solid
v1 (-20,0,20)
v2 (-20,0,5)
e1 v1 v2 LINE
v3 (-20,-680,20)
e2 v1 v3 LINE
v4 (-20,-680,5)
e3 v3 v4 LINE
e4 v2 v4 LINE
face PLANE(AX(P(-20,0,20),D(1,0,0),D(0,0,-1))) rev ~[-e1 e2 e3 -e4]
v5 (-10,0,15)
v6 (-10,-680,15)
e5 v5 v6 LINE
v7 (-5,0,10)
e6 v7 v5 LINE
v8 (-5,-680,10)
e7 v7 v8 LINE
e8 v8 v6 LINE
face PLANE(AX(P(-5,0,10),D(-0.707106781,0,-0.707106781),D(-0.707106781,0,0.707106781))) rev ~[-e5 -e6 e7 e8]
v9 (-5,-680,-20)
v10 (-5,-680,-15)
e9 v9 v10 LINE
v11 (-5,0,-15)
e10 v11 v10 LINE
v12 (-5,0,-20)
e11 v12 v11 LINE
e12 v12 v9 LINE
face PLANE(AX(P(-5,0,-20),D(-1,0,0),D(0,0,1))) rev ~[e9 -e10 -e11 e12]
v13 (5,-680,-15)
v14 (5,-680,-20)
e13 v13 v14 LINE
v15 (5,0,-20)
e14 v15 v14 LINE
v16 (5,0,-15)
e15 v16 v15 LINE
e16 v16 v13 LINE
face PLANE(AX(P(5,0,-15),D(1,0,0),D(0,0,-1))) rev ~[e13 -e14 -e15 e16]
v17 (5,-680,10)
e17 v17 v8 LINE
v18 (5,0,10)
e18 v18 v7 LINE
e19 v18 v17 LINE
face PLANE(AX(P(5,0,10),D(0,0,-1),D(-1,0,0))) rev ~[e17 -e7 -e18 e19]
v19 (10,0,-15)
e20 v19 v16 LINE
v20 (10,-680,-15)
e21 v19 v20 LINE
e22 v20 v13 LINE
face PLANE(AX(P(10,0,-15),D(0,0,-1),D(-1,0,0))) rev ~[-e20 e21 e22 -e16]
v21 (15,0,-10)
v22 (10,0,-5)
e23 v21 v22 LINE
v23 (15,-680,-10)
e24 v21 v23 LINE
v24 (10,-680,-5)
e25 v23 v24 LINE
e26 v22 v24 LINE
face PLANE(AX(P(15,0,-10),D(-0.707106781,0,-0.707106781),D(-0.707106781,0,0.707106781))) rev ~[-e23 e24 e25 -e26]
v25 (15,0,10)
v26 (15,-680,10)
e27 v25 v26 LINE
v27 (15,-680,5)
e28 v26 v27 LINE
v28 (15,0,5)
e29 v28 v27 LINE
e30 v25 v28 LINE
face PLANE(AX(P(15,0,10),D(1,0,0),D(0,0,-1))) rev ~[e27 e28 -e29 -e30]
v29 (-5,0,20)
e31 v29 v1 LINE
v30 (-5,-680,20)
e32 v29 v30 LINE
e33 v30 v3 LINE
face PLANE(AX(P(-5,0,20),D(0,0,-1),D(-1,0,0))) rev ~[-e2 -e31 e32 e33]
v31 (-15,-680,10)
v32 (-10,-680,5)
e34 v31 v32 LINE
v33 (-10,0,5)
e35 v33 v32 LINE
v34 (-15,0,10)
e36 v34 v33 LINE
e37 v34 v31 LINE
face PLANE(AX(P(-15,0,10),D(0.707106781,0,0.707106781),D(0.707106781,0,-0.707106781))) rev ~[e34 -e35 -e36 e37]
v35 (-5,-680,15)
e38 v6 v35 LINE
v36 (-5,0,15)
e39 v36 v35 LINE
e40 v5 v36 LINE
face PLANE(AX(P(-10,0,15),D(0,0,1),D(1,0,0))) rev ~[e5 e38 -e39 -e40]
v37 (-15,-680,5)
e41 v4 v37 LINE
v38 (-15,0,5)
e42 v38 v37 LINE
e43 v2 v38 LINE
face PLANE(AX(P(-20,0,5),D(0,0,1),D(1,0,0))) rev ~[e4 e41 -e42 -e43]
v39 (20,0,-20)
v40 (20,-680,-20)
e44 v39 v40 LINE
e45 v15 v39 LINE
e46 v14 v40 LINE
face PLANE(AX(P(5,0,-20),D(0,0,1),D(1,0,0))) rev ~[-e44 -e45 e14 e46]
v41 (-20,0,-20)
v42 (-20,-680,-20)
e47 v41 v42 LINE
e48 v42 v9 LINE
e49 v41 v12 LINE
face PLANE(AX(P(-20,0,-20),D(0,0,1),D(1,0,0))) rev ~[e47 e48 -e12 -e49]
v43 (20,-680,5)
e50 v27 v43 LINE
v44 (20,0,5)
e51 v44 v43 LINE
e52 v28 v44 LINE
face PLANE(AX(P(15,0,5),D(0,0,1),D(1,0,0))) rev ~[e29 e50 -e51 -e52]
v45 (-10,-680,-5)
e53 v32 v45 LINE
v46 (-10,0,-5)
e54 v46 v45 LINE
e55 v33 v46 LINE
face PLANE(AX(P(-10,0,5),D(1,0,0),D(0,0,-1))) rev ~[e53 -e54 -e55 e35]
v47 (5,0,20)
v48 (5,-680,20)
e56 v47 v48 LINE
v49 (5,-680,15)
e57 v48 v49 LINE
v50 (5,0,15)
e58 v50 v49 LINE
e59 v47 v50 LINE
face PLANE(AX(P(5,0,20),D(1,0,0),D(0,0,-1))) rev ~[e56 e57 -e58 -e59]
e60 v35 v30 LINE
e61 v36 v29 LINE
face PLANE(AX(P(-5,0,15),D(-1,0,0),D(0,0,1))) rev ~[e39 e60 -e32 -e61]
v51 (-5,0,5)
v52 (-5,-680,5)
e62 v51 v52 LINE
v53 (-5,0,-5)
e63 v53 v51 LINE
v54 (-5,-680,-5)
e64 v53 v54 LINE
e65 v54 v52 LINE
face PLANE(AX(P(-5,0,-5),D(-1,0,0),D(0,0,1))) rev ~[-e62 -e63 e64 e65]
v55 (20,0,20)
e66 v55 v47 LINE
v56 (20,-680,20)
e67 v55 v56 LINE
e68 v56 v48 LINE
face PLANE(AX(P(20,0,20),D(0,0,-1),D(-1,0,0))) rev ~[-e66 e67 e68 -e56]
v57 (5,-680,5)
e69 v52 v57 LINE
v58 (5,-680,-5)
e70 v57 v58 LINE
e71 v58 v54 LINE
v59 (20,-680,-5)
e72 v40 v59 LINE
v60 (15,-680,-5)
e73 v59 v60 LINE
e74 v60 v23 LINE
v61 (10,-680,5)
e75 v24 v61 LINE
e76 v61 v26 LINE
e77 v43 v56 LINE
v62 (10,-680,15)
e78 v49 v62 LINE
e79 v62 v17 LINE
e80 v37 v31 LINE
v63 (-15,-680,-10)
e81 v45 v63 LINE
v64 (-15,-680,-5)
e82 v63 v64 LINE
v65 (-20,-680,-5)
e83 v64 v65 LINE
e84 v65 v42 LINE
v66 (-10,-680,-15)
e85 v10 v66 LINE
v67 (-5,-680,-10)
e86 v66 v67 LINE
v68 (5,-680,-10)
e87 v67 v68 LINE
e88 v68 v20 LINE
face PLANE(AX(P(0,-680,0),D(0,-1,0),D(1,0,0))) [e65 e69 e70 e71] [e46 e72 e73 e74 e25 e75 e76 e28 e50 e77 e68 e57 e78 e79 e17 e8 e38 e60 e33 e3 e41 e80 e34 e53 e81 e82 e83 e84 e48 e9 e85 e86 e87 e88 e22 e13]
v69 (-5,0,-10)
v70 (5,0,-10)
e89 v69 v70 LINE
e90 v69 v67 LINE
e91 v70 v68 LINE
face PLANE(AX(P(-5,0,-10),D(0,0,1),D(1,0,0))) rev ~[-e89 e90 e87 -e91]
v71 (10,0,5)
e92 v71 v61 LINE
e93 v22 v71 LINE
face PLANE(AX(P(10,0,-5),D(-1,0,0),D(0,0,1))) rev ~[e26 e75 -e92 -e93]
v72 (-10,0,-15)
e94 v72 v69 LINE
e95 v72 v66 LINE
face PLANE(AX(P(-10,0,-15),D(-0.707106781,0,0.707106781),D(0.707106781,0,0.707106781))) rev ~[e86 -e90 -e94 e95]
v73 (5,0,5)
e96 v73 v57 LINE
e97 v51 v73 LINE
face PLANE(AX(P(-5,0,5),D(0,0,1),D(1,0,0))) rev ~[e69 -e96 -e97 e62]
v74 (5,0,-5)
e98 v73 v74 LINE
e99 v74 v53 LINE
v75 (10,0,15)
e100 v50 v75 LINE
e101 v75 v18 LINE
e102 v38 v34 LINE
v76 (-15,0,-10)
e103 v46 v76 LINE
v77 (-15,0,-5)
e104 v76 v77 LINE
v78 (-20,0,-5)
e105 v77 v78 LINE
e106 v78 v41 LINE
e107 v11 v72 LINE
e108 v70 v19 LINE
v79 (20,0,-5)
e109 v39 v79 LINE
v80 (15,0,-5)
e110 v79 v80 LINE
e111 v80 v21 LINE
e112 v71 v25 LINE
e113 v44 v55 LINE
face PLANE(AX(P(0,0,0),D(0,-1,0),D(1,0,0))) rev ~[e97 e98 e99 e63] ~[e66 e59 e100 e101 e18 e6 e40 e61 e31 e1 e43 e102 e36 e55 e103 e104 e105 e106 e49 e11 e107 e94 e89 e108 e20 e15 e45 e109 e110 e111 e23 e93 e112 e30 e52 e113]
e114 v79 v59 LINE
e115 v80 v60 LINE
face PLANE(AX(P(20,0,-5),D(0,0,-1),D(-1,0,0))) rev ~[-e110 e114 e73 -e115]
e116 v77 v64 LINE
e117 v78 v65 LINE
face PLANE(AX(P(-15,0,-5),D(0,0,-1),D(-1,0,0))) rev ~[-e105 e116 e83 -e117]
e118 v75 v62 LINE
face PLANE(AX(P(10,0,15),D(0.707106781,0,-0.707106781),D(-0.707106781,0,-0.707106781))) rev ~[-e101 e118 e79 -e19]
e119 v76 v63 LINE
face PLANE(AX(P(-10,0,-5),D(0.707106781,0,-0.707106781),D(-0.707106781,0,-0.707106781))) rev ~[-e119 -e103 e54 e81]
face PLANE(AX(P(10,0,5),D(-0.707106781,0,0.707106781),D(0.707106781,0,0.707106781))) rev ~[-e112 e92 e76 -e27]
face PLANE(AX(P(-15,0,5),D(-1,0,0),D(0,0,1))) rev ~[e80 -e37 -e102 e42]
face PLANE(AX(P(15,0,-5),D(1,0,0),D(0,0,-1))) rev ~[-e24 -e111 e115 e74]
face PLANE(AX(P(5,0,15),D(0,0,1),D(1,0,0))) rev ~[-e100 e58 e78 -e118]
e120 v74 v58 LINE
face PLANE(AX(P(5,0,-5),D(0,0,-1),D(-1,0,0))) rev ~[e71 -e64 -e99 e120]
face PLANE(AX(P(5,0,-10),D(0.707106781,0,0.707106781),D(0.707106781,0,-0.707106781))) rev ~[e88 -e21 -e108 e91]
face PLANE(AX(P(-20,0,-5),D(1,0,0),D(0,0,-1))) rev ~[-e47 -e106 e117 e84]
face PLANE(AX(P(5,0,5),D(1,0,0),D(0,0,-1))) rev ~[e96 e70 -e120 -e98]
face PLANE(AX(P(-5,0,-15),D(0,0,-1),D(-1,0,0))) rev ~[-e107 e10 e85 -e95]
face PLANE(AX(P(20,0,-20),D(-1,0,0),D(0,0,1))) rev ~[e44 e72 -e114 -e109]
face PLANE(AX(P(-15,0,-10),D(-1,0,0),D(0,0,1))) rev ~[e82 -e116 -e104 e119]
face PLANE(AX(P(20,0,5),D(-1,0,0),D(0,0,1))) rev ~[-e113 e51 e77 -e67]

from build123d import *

# Parameters (mm, degrees)
F1_DEPTH = 680


with BuildPart() as f1:
    # F0 (on Front) → F1 (new body)
    with BuildSketch(Plane.XZ):
        Polygon((20, 5), (20, 20), (5, 20), (5, 15), (10, 15), (5, 10), (-5, 10), (-10, 15), (-5, 15), (-5, 20), (-20, 20), (-20, 5), (-15, 5), (-15, 10), (-10, 5), (-10, -5), (-15, -10), (-15, -5), (-20, -5), (-20, -20), (-5, -20), (-5, -15), (-10, -15), (-5, -10), (5, -10), (10, -15), (5, -15), (5, -20), (20, -20), (20, -5), (15, -5), (15, -10), (10, -5), (10, 5), (15, 10), (15, 5), align=None)
        Polygon((-5, 0), (-5, 5), (0, 5), (5, 5), (5, 0), (5, -5), (0, -5), (-5, -5), align=None, mode=Mode.SUBTRACT)
    extrude(amount=F1_DEPTH)


solid = f1.part
